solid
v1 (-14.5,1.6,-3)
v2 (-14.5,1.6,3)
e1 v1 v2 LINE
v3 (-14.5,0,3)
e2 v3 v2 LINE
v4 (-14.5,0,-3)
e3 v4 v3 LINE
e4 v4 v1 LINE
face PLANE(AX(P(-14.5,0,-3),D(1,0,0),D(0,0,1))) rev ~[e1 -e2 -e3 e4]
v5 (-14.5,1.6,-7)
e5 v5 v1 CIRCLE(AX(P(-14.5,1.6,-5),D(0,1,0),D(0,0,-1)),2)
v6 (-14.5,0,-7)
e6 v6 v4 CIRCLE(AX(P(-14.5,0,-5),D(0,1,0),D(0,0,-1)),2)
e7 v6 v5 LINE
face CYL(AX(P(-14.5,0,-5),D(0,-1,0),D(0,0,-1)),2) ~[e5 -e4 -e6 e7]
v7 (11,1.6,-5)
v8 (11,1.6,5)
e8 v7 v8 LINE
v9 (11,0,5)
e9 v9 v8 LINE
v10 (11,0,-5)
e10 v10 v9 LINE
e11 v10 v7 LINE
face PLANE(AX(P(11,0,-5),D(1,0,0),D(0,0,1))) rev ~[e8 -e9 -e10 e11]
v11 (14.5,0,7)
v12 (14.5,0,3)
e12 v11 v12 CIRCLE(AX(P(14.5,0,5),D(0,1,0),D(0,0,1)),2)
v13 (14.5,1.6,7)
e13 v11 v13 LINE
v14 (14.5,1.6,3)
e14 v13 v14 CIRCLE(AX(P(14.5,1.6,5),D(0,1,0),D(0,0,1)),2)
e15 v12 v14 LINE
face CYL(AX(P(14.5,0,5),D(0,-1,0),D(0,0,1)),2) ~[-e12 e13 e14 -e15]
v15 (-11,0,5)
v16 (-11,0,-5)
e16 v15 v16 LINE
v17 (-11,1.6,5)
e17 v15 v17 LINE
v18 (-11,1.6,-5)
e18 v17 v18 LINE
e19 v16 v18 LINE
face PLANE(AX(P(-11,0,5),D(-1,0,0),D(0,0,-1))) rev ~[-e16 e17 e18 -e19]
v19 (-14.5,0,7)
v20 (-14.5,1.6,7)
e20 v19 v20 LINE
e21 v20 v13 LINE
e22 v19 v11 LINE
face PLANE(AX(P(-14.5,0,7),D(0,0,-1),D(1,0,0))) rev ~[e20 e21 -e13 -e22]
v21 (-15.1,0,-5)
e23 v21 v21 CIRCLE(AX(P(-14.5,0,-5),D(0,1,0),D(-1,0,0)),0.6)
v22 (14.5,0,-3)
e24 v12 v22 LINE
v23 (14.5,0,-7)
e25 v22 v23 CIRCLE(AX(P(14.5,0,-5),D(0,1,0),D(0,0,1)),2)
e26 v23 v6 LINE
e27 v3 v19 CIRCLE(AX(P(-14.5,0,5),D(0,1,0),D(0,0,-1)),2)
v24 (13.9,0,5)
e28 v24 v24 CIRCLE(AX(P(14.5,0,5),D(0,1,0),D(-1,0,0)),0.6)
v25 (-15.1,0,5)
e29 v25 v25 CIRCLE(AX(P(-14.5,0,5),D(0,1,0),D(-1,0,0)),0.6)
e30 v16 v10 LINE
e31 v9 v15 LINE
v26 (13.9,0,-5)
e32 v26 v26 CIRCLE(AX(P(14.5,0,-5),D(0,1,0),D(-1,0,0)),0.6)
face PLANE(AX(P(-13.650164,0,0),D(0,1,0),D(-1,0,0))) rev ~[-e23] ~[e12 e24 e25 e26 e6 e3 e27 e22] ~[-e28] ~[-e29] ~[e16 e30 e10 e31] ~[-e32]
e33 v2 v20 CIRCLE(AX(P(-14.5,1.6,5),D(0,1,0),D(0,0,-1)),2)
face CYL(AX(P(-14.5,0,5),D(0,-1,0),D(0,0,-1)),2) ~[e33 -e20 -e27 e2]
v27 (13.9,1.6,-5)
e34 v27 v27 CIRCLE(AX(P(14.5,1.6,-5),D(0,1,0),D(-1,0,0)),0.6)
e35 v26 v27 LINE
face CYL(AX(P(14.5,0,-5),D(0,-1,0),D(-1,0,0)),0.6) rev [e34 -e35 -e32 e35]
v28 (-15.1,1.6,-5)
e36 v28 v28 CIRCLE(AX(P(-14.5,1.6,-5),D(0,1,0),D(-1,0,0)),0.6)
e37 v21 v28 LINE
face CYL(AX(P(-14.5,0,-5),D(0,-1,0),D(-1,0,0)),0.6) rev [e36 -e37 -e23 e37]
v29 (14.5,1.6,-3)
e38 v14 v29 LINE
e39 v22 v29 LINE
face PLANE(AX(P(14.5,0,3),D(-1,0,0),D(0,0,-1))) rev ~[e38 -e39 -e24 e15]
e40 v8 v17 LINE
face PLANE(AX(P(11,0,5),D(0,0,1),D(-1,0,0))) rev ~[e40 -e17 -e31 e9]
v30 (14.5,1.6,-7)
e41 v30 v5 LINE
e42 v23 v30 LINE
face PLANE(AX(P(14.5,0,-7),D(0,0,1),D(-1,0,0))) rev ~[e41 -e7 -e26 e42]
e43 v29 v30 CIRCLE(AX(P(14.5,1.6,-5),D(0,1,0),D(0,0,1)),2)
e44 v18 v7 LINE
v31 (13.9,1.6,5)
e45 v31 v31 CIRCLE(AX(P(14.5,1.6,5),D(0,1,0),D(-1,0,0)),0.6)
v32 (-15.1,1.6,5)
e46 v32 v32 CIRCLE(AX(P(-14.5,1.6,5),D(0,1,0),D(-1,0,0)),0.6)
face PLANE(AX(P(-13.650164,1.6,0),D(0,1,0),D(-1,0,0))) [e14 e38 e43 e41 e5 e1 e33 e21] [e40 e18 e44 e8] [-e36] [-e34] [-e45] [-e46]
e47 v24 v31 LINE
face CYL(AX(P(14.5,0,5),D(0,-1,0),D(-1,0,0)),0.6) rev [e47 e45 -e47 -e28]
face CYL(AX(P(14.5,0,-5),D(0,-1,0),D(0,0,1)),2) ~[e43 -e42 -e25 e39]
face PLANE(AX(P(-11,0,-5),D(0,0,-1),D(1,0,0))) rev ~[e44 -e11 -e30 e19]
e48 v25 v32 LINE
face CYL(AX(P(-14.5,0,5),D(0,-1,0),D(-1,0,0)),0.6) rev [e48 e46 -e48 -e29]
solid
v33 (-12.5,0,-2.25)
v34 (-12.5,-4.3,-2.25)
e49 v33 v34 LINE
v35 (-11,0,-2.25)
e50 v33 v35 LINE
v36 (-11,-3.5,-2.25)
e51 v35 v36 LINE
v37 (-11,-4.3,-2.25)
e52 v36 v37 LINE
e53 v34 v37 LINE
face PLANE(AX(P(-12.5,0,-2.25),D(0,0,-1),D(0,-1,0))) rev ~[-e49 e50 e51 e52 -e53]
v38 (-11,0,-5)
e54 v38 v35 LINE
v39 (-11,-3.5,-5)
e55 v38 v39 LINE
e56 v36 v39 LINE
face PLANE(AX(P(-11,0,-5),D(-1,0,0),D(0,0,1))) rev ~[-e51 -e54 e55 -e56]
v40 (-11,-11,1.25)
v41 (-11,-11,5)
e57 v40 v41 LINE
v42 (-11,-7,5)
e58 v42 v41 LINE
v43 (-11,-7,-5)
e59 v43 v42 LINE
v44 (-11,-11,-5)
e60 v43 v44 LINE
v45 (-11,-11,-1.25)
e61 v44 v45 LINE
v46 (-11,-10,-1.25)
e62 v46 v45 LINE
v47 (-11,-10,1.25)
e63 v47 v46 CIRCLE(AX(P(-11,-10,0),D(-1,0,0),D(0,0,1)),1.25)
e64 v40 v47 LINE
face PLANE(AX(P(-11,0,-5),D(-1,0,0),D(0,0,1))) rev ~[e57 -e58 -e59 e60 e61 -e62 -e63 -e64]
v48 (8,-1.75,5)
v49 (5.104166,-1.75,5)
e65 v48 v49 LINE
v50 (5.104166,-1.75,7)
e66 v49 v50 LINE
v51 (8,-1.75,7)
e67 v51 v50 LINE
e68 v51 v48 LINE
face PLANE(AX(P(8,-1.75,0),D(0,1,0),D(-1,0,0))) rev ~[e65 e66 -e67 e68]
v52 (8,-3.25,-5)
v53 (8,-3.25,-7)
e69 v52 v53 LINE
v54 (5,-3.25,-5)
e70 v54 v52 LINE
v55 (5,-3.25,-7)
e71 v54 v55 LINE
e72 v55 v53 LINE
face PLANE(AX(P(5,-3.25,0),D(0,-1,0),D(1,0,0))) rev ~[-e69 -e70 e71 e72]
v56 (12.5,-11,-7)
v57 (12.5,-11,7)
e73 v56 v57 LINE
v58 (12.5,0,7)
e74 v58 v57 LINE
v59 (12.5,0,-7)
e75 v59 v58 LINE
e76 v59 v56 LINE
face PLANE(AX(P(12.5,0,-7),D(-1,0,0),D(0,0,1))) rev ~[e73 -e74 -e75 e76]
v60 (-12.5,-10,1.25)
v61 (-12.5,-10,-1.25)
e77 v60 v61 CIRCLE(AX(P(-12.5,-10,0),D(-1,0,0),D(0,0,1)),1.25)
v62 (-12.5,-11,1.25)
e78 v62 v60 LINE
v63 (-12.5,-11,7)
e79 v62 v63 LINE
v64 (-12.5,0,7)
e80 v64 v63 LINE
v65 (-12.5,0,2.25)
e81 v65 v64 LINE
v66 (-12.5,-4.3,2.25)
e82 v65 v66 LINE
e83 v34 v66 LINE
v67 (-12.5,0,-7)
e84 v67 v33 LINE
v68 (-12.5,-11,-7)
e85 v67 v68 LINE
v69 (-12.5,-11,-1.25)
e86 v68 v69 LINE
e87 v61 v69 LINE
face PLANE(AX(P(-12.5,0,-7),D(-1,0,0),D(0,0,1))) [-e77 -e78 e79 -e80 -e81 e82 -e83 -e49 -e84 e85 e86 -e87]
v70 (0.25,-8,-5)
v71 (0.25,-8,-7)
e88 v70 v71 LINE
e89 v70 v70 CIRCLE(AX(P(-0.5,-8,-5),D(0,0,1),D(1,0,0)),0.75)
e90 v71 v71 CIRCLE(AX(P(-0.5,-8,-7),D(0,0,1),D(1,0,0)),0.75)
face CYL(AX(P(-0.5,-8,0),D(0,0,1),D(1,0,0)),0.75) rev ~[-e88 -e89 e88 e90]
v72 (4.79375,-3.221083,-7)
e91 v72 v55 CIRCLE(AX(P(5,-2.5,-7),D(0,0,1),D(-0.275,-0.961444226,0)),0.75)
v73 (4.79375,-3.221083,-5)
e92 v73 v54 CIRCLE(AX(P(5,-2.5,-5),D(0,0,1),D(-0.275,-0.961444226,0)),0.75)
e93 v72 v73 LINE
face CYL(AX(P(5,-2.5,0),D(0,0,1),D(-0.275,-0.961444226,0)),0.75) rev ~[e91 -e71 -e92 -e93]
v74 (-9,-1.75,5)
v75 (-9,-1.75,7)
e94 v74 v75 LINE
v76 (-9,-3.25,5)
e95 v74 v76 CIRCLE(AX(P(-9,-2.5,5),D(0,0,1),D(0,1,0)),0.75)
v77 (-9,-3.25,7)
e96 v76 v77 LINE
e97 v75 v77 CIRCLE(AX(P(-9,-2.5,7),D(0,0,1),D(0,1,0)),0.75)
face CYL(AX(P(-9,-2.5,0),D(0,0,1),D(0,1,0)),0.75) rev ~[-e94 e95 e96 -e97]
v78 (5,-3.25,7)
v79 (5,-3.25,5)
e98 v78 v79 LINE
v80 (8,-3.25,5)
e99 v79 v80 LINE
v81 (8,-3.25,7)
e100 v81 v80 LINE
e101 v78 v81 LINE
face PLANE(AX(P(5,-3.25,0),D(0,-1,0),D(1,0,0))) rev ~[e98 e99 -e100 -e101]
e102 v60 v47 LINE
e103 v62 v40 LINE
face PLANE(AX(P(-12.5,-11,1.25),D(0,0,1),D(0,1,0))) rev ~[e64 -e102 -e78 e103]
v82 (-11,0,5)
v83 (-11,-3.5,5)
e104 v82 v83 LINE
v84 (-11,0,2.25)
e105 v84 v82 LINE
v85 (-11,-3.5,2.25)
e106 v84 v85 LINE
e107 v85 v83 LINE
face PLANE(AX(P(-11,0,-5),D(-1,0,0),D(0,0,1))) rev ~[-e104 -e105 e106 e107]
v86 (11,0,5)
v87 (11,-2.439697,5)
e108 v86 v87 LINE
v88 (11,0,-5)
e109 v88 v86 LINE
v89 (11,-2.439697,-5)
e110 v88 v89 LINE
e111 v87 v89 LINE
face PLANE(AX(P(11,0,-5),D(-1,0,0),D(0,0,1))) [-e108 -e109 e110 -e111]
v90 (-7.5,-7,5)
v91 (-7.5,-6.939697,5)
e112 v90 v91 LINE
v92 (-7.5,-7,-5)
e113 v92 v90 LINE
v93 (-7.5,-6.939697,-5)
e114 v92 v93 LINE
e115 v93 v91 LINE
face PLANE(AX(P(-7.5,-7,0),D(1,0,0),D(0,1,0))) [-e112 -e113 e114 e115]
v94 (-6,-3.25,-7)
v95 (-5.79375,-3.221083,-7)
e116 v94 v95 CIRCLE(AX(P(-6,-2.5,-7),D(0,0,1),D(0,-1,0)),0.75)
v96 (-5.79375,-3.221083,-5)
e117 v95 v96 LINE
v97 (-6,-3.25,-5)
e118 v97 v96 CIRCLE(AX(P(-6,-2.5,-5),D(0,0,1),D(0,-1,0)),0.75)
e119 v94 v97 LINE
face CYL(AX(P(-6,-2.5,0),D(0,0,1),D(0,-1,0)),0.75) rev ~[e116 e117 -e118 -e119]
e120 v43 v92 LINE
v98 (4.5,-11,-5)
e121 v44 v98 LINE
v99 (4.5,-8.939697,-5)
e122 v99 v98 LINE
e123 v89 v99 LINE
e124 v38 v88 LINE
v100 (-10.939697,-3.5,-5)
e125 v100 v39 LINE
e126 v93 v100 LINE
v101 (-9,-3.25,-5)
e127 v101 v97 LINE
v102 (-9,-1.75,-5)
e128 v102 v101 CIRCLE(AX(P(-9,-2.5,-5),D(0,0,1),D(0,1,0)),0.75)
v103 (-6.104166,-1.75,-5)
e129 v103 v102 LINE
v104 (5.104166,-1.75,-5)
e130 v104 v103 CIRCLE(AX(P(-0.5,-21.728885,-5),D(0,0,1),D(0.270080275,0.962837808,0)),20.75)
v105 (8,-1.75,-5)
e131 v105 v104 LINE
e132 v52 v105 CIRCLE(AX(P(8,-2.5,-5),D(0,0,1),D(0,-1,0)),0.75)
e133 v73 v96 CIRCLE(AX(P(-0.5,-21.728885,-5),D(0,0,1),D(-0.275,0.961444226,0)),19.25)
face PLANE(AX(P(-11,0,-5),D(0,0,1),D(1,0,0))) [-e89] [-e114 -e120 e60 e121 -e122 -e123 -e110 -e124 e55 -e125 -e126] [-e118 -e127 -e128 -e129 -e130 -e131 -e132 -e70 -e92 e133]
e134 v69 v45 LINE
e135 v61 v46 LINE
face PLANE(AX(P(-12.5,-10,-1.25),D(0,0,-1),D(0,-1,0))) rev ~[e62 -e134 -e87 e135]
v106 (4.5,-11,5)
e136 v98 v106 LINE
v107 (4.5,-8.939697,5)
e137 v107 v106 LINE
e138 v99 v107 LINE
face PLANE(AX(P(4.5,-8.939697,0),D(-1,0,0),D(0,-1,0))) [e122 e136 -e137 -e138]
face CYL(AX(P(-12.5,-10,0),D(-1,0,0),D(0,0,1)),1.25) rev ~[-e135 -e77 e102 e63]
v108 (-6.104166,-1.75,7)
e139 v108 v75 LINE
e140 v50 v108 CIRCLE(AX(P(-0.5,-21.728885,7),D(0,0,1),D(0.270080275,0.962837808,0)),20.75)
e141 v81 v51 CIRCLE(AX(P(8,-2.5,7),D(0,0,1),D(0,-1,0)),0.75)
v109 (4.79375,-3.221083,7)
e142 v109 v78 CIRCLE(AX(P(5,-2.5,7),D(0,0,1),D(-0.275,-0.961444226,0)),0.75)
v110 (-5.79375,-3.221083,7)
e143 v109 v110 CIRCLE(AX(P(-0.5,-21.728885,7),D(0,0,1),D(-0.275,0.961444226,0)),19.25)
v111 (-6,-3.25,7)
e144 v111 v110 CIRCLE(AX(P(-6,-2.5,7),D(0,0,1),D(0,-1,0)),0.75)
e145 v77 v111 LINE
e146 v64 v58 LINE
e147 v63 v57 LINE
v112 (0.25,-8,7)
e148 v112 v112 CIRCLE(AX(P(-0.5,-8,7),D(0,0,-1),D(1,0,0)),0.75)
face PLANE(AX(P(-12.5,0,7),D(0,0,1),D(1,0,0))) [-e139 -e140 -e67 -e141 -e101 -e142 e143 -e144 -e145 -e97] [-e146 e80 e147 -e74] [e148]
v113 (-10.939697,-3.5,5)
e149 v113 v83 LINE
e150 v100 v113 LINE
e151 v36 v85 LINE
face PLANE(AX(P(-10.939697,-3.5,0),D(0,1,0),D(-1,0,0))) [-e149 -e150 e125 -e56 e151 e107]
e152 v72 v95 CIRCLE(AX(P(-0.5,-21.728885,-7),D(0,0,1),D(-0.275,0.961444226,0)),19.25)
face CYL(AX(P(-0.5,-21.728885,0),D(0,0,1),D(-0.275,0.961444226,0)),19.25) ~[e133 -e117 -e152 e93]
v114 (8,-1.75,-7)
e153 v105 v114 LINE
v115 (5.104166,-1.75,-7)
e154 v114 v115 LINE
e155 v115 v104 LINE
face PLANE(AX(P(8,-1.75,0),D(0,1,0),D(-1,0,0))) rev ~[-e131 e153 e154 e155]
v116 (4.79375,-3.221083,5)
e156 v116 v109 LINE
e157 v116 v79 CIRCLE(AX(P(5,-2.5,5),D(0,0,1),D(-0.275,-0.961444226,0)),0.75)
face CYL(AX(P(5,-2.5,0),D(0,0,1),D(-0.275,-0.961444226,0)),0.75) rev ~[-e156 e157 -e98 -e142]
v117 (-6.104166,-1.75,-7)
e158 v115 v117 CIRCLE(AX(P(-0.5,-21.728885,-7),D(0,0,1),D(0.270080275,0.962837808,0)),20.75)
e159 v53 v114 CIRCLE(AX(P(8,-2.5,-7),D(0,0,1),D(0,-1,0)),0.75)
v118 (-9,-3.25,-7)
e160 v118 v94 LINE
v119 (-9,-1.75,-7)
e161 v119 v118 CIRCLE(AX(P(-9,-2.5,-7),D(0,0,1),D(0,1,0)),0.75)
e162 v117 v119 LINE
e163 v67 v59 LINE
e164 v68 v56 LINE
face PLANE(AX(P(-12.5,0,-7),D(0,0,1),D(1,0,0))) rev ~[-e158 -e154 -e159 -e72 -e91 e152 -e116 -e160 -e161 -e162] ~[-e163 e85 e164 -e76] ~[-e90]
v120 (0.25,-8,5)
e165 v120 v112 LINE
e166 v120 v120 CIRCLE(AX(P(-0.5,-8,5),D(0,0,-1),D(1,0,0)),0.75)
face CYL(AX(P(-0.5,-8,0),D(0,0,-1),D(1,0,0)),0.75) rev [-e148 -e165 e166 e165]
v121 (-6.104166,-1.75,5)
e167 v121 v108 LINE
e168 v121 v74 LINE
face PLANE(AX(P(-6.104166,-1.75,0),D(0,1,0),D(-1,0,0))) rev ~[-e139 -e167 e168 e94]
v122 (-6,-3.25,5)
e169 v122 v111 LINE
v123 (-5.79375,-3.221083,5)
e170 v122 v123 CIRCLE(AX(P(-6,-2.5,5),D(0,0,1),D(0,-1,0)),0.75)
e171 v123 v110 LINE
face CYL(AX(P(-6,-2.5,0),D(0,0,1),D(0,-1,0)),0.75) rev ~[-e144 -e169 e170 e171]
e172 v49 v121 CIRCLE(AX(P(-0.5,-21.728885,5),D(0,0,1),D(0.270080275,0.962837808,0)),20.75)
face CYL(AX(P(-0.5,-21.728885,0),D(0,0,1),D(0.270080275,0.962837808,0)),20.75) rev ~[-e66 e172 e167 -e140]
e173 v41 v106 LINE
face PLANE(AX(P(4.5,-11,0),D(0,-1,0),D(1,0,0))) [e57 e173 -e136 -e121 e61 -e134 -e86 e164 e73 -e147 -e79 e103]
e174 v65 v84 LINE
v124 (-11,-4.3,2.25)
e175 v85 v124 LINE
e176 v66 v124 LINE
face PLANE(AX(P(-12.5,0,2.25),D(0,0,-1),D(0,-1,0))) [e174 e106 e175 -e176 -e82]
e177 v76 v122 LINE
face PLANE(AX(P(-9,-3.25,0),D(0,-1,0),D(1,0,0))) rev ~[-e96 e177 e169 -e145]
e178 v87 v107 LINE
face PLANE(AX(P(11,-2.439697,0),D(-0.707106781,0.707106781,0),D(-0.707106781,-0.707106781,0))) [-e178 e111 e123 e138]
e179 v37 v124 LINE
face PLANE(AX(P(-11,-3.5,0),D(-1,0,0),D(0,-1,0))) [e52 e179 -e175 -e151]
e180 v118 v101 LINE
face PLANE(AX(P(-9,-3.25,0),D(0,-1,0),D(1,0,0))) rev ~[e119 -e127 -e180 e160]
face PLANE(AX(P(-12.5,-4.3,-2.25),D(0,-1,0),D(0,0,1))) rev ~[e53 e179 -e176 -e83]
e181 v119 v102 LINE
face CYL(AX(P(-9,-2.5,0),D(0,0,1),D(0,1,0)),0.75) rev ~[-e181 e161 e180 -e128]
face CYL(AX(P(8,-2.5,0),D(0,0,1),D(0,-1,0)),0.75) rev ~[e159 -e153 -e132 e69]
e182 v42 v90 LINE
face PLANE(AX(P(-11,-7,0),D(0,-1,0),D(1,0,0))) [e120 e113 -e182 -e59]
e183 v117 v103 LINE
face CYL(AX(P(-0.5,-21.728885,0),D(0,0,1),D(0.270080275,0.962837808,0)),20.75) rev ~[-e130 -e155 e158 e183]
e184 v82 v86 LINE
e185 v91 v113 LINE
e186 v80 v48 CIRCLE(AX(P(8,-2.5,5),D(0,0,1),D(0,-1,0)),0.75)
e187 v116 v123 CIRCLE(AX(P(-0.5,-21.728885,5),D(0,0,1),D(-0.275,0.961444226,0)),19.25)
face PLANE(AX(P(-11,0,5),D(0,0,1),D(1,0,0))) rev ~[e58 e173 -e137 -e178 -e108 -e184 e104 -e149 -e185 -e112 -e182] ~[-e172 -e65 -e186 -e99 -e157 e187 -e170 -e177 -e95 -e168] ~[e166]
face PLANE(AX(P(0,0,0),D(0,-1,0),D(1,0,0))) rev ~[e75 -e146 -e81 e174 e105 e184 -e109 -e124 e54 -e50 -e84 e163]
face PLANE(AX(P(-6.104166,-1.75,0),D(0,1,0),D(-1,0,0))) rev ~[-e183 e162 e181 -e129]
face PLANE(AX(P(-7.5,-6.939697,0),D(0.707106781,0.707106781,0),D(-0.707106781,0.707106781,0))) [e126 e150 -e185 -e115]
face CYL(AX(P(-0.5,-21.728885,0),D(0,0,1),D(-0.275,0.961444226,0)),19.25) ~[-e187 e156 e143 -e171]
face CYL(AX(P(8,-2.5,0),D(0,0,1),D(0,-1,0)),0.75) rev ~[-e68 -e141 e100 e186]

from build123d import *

# Parameters (mm, degrees)
F0_W          = 25
F0_H          = 14
F0_W_2        = 22
F0_H_2        = 10
F1_DEPTH      = 11
F2_R          = 0.75
F3_DEPTH      = 12.5
F4_W          = 4.3
F4_H          = 4.5
F5_DEPTH      = 1.5
F7_DEPTH      = 5
F7_DEPTH_BACK = 5
F8_R          = 0.6
F9_DEPTH      = 1.6


with BuildPart() as f1:
    # F0 (on Front) → F1 (new body)
    with BuildSketch(Plane.XZ):
        Rectangle(F0_W, F0_H)
        Rectangle(F0_W_2, F0_H_2, mode=Mode.SUBTRACT)
    extrude(amount=F1_DEPTH)

    # F2 (on Top) → F3 (cut, symmetric)
    with BuildSketch(Plane.XY):
        with Locations((-0.5, -8)):
            Circle(F2_R)
        with BuildLine():
            Line((-6.75, -2.5), (-6, -2.5))
            ThreePointArc((-6, -2.5), (-5.6384915333, -2.4002553745), (-5.2751764069, -2.3073065675))
            ThreePointArc((-5.2751764069, -2.3073065675), (-5.5428457997, -1.9054328993), (-6, -1.75))
            Line((-6, -1.75), (-6.104165702, -1.75))
            ThreePointArc((-6.104165702, -1.75), (-6.1552263336, -1.7643931667), (-6.20625, -1.7789168304))
            ThreePointArc((-6.20625, -1.7789168304), (-6.5988269784, -2.0484402033), (-6.75, -2.5))
        make_face()
        with BuildLine():
            ThreePointArc((-5.2751764069, -2.3073065675), (-5.6384915333, -2.4002553745), (-6, -2.5))
            Line((-6, -2.5), (-6.75, -2.5))
            ThreePointArc((-6.75, -2.5), (-6.5303300859, -3.0303300859), (-6, -3.25))
            ThreePointArc((-6, -3.25), (-5.8958663772, -3.2427356115), (-5.79375, -3.2210831696))
            ThreePointArc((-5.79375, -3.2210831696), (-5.3477182905, -2.8701737044), (-5.2751764069, -2.3073065675))
        make_face()
        with BuildLine():
            ThreePointArc((-6, -1.75), (-5.5428457997, -1.9054328993), (-5.2751764069, -2.3073065675))
            ThreePointArc((-5.2751764069, -2.3073065675), (-3.2768966077, -1.9226015494), (-1.2498681525, -1.742947023))
            ThreePointArc((-1.2498681525, -1.742947023), (-1.0352788409, -1.2035498083), (-0.5, -0.978884523))
            ThreePointArc((-0.5, -0.978884523), (-3.328484236, -1.1725673206), (-6.104165702, -1.75))
            Line((-6.104165702, -1.75), (-6, -1.75))
        make_face()
        with BuildLine():
            ThreePointArc((-1.2498681525, -1.742947023), (-3.2768966077, -1.9226015494), (-5.2751764069, -2.3073065675))
            ThreePointArc((-5.2751764069, -2.3073065675), (-5.3477182905, -2.8701737044), (-5.79375, -3.2210831696))
            ThreePointArc((-5.79375, -3.2210831696), (-3.1727629849, -2.6653371609), (-0.5, -2.478884523))
            ThreePointArc((-0.5, -2.478884523), (-1.0253347147, -2.2641633639), (-1.2498681525, -1.742947023))
        make_face()
        with BuildLine():
            ThreePointArc((-6, -3.25), (-6.5303300859, -3.0303300859), (-6.75, -2.5))
            ThreePointArc((-6.75, -2.5), (-6.5988269784, -2.0484402033), (-6.20625, -1.7789168304))
            ThreePointArc((-6.20625, -1.7789168304), (-6.1552263336, -1.7643931667), (-6.104165702, -1.75))
            Line((-6.104165702, -1.75), (-9, -1.75))
            ThreePointArc((-9, -1.75), (-9.75, -2.5), (-9, -3.25))
            Line((-9, -3.25), (-6, -3.25))
        make_face()
        with BuildLine():
            ThreePointArc((-0.5, -0.978884523), (-1.0352788409, -1.2035498083), (-1.2498681525, -1.742947023))
            ThreePointArc((-1.2498681525, -1.742947023), (-0.875, -1.7324004571), (-0.5, -1.728884523))
            ThreePointArc((-0.5, -1.728884523), (-0.125, -1.7324004571), (0.2498681525, -1.742947023))
            ThreePointArc((0.2498681525, -1.742947023), (0.0352788409, -1.2035498083), (-0.5, -0.978884523))
        make_face()
        with BuildLine():
            ThreePointArc((-0.5, -1.728884523), (-0.875, -1.7324004571), (-1.2498681525, -1.742947023))
            ThreePointArc((-1.2498681525, -1.742947023), (-1.0253347147, -2.2641633639), (-0.5, -2.478884523))
            ThreePointArc((-0.5, -2.478884523), (0.0253347147, -2.2641633639), (0.2498681525, -1.742947023))
            ThreePointArc((0.2498681525, -1.742947023), (-0.125, -1.7324004571), (-0.5, -1.728884523))
        make_face()
        with BuildLine():
            ThreePointArc((0.2498681525, -1.742947023), (0.0253347147, -2.2641633639), (-0.5, -2.478884523))
            ThreePointArc((-0.5, -2.478884523), (2.1727629849, -2.6653371609), (4.79375, -3.2210831696))
            ThreePointArc((4.79375, -3.2210831696), (4.3477182905, -2.8701737044), (4.2751764069, -2.3073065675))
            ThreePointArc((4.2751764069, -2.3073065675), (2.2768966077, -1.9226015494), (0.2498681525, -1.742947023))
        make_face()
        with BuildLine():
            ThreePointArc((5.104165702, -1.75), (2.328484236, -1.1725673206), (-0.5, -0.978884523))
            ThreePointArc((-0.5, -0.978884523), (0.0352788409, -1.2035498083), (0.2498681525, -1.742947023))
            ThreePointArc((0.2498681525, -1.742947023), (2.2768966077, -1.9226015494), (4.2751764069, -2.3073065675))
            ThreePointArc((4.2751764069, -2.3073065675), (4.5428457997, -1.9054328993), (5, -1.75))
            Line((5, -1.75), (5.104165702, -1.75))
        make_face()
        with BuildLine():
            ThreePointArc((4.2751764069, -2.3073065675), (4.3477182905, -2.8701737044), (4.79375, -3.2210831696))
            ThreePointArc((4.79375, -3.2210831696), (4.8958663772, -3.2427356115), (5, -3.25))
            ThreePointArc((5, -3.25), (5.5303300859, -3.0303300859), (5.75, -2.5))
            Line((5.75, -2.5), (5, -2.5))
            ThreePointArc((5, -2.5), (4.6384915333, -2.4002553745), (4.2751764069, -2.3073065675))
        make_face()
        with BuildLine():
            Line((8, -1.75), (5.104165702, -1.75))
            ThreePointArc((5.104165702, -1.75), (5.1552263336, -1.7643931667), (5.20625, -1.7789168304))
            ThreePointArc((5.20625, -1.7789168304), (5.5988269784, -2.0484402033), (5.75, -2.5))
            ThreePointArc((5.75, -2.5), (5.5303300859, -3.0303300859), (5, -3.25))
            Line((5, -3.25), (8, -3.25))
            ThreePointArc((8, -3.25), (8.75, -2.5), (8, -1.75))
        make_face()
        with BuildLine():
            ThreePointArc((5.20625, -1.7789168304), (5.1552263336, -1.7643931667), (5.104165702, -1.75))
            Line((5.104165702, -1.75), (5, -1.75))
            ThreePointArc((5, -1.75), (4.5428457997, -1.9054328993), (4.2751764069, -2.3073065675))
            ThreePointArc((4.2751764069, -2.3073065675), (4.6384915333, -2.4002553745), (5, -2.5))
            Line((5, -2.5), (5.75, -2.5))
            ThreePointArc((5.75, -2.5), (5.5988269784, -2.0484402033), (5.20625, -1.7789168304))
        make_face()
    extrude(amount=F3_DEPTH, both=True, mode=Mode.SUBTRACT)

    # F4 (on face) → F5 (cut, through all)
    with BuildSketch(Plane(origin=(-12.5, 0, 0), x_dir=(0, -1, 0), z_dir=(-1, 0, 0))):
        with Locations((2.15, 0)):
            Rectangle(F4_W, F4_H)
        with BuildLine():
            Line((11, 1.25), (10, 1.25))
            ThreePointArc((10, 1.25), (8.75, 0), (10, -1.25))
            Line((10, -1.25), (11, -1.25))
            Line((11, -1.25), (11, 1.25))
        make_face()
    extrude(amount=-F5_DEPTH, mode=Mode.SUBTRACT)

    # F6 (on Top) → F7 (join, two sides)
    with BuildSketch(Plane.XY) as f7_sk:
        Polygon((11, -2.439696962), (4.5, -8.939696962), (4.5, -11), (11, -11), align=None)
        Polygon((-7.5, -7), (-7.5, -6.939696962), (-10.939696962, -3.5), (-11, -3.5), (-11, -7), align=None)
    extrude(amount=F7_DEPTH)
    extrude(f7_sk.sketch, amount=-F7_DEPTH_BACK)


with BuildPart() as f9:
    # F8 (on face) → F9 (new body)
    with BuildSketch(Plane(origin=(0, 0, 0), x_dir=(-1, 0, 0), z_dir=(0, 1, 0))):
        with BuildLine():
            Line((11, 2.25), (11, -2.25))
            Line((11, -2.25), (12.5, -2.25))
            Line((12.5, -2.25), (12.5, -7))
            Line((12.5, -7), (14.5, -7))
            ThreePointArc((14.5, -7), (16.5, -5), (14.5, -3))
            Line((14.5, -3), (14.5, 0))
            Line((14.5, 0), (14.5, 3))
            ThreePointArc((14.5, 3), (16.5, 5), (14.5, 7))
            Line((14.5, 7), (12.5, 7))
            Line((12.5, 7), (12.5, 2.25))
            Line((12.5, 2.25), (11, 2.25))
        make_face()
        with Locations((14.5, -5)):
            Circle(F8_R, mode=Mode.SUBTRACT)
        with Locations((14.5, 5)):
            Circle(F8_R, mode=Mode.SUBTRACT)
        Polygon((11, -5), (-11, -5), (-11, 5), (11, 5), (11, 2.25), (12.5, 2.25), (12.5, 7), (-12.5, 7), (-12.5, -7), (12.5, -7), (12.5, -2.25), (11, -2.25), align=None)
        with BuildLine():
            Line((-14.5, -7), (-12.5, -7))
            Line((-12.5, -7), (-12.5, 7))
            Line((-12.5, 7), (-14.5, 7))
            ThreePointArc((-14.5, 7), (-16.5, 5), (-14.5, 3))
            Line((-14.5, 3), (-14.5, 0))
            Line((-14.5, 0), (-14.5, -3))
            ThreePointArc((-14.5, -3), (-16.5, -5), (-14.5, -7))
        make_face()
        with Locations((-14.5, -5)):
            Circle(F8_R, mode=Mode.SUBTRACT)
        with Locations((-14.5, 5)):
            Circle(F8_R, mode=Mode.SUBTRACT)
    extrude(amount=F9_DEPTH)


solid = Compound([f1.part, f9.part])
